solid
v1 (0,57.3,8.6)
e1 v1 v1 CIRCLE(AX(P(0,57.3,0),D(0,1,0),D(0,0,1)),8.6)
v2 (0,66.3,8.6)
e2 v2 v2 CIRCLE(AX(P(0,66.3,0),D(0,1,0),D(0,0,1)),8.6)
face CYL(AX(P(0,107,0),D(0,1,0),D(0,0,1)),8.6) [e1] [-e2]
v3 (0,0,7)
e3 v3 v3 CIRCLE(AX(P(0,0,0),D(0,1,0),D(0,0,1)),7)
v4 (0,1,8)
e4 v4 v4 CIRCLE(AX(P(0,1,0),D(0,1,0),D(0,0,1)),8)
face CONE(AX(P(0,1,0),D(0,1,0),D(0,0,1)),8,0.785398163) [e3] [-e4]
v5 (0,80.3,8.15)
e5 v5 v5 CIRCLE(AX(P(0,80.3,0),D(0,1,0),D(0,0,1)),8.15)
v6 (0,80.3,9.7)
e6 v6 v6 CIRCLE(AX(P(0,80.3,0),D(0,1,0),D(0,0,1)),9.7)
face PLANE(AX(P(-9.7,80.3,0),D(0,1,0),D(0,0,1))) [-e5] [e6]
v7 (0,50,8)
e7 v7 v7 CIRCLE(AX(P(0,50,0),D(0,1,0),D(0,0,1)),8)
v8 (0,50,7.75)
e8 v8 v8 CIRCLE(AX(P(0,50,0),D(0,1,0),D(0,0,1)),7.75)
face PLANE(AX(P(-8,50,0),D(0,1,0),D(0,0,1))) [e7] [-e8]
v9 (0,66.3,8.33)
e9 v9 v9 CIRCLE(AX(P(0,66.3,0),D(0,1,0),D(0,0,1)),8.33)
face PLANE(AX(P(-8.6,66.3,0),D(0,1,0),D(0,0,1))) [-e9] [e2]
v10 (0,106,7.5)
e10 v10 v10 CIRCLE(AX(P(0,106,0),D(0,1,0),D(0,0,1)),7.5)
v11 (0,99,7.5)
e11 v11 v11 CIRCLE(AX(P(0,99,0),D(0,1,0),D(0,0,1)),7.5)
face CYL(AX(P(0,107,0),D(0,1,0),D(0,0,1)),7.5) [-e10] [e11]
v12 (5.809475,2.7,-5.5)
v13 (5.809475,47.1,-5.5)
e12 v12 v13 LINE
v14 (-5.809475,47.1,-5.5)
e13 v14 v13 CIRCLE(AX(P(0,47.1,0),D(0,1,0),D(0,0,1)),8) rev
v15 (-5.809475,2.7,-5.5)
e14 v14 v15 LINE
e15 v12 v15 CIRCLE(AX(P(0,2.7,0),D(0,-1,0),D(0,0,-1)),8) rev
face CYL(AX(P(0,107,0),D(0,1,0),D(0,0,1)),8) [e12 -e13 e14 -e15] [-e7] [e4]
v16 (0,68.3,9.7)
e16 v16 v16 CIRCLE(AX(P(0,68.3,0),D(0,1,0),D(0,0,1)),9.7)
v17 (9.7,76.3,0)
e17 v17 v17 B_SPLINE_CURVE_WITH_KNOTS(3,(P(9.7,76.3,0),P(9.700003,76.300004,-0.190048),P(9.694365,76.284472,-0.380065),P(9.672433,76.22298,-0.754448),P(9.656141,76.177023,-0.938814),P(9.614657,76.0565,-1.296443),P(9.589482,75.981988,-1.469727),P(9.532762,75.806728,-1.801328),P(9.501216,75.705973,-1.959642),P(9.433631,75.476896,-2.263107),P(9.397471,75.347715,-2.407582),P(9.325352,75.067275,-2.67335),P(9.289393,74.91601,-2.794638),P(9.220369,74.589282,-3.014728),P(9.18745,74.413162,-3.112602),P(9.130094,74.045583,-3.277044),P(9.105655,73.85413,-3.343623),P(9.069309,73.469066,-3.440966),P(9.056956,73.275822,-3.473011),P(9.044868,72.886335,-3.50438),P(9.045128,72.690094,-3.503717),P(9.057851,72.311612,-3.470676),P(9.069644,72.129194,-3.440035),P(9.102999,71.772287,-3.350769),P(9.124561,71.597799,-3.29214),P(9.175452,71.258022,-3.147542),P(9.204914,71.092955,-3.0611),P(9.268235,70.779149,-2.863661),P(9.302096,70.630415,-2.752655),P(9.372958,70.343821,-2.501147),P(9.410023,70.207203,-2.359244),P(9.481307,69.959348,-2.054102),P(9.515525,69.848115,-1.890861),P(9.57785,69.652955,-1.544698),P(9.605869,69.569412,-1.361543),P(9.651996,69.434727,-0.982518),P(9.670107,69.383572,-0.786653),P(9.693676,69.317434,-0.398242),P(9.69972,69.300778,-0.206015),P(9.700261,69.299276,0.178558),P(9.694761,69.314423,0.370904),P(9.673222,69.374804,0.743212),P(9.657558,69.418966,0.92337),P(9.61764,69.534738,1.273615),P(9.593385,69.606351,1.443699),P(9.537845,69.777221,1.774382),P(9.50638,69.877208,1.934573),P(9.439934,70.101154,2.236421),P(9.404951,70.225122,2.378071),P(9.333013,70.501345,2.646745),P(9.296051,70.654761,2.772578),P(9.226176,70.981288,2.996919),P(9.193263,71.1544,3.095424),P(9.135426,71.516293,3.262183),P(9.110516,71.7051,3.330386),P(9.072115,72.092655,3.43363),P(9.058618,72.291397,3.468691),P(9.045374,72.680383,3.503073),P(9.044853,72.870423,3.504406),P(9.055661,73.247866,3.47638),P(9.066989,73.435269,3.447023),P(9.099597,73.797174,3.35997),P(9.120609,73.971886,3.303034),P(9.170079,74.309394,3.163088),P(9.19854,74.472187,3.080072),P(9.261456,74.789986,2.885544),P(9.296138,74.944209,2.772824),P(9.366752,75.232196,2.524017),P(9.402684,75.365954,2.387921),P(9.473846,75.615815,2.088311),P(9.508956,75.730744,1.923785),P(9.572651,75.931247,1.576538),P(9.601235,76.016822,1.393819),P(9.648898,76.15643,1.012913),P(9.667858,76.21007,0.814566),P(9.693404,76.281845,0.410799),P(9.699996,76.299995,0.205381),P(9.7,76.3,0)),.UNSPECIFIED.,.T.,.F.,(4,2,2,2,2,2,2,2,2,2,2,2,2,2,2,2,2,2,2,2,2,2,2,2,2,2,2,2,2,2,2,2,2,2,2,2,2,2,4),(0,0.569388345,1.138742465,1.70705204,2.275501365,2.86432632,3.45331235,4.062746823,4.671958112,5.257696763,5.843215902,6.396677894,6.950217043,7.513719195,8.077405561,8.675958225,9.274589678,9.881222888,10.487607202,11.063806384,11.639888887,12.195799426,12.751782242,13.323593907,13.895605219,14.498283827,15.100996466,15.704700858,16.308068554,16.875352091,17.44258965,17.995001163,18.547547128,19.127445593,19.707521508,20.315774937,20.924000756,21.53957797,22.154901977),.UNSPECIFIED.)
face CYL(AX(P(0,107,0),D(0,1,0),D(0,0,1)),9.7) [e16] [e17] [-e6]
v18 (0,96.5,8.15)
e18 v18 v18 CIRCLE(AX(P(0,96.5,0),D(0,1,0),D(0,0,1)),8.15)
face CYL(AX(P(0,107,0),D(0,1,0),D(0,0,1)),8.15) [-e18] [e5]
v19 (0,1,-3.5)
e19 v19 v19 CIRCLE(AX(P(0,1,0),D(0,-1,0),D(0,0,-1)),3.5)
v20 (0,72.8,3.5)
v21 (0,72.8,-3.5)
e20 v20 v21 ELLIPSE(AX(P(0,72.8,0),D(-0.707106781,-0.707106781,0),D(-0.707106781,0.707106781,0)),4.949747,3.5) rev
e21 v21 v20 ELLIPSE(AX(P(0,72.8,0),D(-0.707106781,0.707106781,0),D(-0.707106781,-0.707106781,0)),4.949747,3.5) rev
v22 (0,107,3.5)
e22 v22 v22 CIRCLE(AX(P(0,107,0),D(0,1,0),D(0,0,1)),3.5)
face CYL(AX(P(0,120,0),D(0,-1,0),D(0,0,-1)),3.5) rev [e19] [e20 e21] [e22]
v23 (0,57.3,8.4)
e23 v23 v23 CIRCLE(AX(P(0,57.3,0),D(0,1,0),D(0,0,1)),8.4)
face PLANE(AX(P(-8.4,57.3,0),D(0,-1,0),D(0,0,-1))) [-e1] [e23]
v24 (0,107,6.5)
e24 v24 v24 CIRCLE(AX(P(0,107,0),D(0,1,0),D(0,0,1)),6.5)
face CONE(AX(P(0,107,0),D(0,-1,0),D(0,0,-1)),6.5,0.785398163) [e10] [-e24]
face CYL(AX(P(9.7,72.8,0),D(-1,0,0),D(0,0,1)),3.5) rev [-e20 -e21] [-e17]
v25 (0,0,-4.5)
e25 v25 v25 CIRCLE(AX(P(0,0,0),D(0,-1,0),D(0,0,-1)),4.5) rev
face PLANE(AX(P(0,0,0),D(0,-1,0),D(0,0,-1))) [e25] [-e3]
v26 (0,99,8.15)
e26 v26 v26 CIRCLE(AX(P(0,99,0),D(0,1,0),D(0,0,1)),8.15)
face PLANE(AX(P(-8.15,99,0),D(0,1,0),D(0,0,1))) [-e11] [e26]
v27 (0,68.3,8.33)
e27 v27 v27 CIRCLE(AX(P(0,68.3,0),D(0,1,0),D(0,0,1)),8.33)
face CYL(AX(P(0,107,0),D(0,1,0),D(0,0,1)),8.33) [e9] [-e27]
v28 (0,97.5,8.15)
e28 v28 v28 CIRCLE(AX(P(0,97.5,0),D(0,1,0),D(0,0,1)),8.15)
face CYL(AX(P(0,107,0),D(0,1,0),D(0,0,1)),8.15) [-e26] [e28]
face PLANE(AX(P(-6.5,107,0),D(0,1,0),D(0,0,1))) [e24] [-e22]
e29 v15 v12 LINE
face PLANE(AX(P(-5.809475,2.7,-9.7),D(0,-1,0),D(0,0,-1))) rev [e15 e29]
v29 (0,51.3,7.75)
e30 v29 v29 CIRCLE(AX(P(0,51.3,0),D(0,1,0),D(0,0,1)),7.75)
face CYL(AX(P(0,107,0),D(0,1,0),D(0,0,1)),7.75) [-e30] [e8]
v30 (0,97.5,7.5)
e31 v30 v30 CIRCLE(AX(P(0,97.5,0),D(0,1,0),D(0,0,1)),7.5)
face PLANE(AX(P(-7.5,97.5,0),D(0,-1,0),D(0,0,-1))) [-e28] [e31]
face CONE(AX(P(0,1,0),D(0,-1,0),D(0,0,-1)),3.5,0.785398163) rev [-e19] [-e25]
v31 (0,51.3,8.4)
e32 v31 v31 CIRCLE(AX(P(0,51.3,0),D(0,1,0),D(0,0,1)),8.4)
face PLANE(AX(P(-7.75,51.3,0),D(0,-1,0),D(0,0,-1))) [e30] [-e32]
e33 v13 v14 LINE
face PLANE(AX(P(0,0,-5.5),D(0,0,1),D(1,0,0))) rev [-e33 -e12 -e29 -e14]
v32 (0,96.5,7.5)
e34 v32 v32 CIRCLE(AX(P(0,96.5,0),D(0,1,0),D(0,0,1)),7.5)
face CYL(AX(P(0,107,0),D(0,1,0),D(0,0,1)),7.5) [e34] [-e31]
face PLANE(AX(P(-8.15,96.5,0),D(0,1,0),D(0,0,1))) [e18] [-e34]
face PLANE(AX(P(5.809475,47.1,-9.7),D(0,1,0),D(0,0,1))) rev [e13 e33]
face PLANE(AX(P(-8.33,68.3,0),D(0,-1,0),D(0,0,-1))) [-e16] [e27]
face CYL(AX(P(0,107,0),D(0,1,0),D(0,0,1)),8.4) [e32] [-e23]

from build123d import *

# Parameters (mm, degrees)
ENL_V_START             = -5.5
ESQUISSE2_W             = 11.618950038
ESQUISSE2_H             = 44.4
ENL_V_MAT_EXTRU_1_DEPTH = 5.2
ENL_V_MAT_EXTRU_2_DEPTH = 10.7
ESQUISSE6_R             = 3.5
ENL_V_MAT_EXTRU_3_DEPTH = 120
CHANFREIN1_SIZE         = 1


with BuildPart() as part:
    # Esquisse1 → Révolution1 (revolve)
    with BuildSketch(Plane.XY):
        Polygon((0, 0), (-7, 0), (-8, 1), (-8, 50), (-7.75, 50), (-7.75, 51.3), (-8.4, 51.3), (-8.4, 57.3), (-8.6, 57.3), (-8.6, 66.3), (-8.33, 66.3), (-8.33, 68.3), (-9.7, 68.3), (-9.7, 80.3), (-8.15, 80.3), (-8.15, 96.5), (-7.5, 96.5), (-7.5, 97.5), (-8.15, 97.5), (-8.15, 99), (-7.5, 99), (-7.5, 106), (-6.5, 107), (0, 107), align=None)
    revolve(axis=Axis((0, 107, 0), (0, -1, 0)))

    # Esquisse2 → Enlèv. mat.-Extru.1 (cut, through all)
    with BuildSketch(Plane.XY.offset(ENL_V_START)):
        with Locations((0, 24.9)):
            Rectangle(ESQUISSE2_W, ESQUISSE2_H)
    extrude(amount=-ENL_V_MAT_EXTRU_1_DEPTH, mode=Mode.SUBTRACT)

    # Esquisse5 → Enlèv. mat.-Extru.2 (cut, through all)
    with BuildSketch(Plane(origin=(0, 0, 0), x_dir=(0, 0, -1), z_dir=(1, 0, 0))):
        with BuildLine():
            ThreePointArc((0, 76.3), (-3.5, 72.8), (0, 69.3))
            ThreePointArc((0, 69.3), (3.5, 72.8), (0, 76.3))
        make_face()
    extrude(amount=ENL_V_MAT_EXTRU_2_DEPTH, mode=Mode.SUBTRACT)

    # Esquisse6 → Enlèv. mat.-Extru.3 (cut)
    with BuildSketch(Plane.XZ):
        Circle(ESQUISSE6_R)
    extrude(amount=-ENL_V_MAT_EXTRU_3_DEPTH, mode=Mode.SUBTRACT)

    # Chanfrein1
    chanfrein1_edges = [part.edges().sort_by_distance(p)[0] for p in [
        (-3.5, 0, 0),
    ]]
    chamfer(chanfrein1_edges, length=CHANFREIN1_SIZE)


solid = part.part
